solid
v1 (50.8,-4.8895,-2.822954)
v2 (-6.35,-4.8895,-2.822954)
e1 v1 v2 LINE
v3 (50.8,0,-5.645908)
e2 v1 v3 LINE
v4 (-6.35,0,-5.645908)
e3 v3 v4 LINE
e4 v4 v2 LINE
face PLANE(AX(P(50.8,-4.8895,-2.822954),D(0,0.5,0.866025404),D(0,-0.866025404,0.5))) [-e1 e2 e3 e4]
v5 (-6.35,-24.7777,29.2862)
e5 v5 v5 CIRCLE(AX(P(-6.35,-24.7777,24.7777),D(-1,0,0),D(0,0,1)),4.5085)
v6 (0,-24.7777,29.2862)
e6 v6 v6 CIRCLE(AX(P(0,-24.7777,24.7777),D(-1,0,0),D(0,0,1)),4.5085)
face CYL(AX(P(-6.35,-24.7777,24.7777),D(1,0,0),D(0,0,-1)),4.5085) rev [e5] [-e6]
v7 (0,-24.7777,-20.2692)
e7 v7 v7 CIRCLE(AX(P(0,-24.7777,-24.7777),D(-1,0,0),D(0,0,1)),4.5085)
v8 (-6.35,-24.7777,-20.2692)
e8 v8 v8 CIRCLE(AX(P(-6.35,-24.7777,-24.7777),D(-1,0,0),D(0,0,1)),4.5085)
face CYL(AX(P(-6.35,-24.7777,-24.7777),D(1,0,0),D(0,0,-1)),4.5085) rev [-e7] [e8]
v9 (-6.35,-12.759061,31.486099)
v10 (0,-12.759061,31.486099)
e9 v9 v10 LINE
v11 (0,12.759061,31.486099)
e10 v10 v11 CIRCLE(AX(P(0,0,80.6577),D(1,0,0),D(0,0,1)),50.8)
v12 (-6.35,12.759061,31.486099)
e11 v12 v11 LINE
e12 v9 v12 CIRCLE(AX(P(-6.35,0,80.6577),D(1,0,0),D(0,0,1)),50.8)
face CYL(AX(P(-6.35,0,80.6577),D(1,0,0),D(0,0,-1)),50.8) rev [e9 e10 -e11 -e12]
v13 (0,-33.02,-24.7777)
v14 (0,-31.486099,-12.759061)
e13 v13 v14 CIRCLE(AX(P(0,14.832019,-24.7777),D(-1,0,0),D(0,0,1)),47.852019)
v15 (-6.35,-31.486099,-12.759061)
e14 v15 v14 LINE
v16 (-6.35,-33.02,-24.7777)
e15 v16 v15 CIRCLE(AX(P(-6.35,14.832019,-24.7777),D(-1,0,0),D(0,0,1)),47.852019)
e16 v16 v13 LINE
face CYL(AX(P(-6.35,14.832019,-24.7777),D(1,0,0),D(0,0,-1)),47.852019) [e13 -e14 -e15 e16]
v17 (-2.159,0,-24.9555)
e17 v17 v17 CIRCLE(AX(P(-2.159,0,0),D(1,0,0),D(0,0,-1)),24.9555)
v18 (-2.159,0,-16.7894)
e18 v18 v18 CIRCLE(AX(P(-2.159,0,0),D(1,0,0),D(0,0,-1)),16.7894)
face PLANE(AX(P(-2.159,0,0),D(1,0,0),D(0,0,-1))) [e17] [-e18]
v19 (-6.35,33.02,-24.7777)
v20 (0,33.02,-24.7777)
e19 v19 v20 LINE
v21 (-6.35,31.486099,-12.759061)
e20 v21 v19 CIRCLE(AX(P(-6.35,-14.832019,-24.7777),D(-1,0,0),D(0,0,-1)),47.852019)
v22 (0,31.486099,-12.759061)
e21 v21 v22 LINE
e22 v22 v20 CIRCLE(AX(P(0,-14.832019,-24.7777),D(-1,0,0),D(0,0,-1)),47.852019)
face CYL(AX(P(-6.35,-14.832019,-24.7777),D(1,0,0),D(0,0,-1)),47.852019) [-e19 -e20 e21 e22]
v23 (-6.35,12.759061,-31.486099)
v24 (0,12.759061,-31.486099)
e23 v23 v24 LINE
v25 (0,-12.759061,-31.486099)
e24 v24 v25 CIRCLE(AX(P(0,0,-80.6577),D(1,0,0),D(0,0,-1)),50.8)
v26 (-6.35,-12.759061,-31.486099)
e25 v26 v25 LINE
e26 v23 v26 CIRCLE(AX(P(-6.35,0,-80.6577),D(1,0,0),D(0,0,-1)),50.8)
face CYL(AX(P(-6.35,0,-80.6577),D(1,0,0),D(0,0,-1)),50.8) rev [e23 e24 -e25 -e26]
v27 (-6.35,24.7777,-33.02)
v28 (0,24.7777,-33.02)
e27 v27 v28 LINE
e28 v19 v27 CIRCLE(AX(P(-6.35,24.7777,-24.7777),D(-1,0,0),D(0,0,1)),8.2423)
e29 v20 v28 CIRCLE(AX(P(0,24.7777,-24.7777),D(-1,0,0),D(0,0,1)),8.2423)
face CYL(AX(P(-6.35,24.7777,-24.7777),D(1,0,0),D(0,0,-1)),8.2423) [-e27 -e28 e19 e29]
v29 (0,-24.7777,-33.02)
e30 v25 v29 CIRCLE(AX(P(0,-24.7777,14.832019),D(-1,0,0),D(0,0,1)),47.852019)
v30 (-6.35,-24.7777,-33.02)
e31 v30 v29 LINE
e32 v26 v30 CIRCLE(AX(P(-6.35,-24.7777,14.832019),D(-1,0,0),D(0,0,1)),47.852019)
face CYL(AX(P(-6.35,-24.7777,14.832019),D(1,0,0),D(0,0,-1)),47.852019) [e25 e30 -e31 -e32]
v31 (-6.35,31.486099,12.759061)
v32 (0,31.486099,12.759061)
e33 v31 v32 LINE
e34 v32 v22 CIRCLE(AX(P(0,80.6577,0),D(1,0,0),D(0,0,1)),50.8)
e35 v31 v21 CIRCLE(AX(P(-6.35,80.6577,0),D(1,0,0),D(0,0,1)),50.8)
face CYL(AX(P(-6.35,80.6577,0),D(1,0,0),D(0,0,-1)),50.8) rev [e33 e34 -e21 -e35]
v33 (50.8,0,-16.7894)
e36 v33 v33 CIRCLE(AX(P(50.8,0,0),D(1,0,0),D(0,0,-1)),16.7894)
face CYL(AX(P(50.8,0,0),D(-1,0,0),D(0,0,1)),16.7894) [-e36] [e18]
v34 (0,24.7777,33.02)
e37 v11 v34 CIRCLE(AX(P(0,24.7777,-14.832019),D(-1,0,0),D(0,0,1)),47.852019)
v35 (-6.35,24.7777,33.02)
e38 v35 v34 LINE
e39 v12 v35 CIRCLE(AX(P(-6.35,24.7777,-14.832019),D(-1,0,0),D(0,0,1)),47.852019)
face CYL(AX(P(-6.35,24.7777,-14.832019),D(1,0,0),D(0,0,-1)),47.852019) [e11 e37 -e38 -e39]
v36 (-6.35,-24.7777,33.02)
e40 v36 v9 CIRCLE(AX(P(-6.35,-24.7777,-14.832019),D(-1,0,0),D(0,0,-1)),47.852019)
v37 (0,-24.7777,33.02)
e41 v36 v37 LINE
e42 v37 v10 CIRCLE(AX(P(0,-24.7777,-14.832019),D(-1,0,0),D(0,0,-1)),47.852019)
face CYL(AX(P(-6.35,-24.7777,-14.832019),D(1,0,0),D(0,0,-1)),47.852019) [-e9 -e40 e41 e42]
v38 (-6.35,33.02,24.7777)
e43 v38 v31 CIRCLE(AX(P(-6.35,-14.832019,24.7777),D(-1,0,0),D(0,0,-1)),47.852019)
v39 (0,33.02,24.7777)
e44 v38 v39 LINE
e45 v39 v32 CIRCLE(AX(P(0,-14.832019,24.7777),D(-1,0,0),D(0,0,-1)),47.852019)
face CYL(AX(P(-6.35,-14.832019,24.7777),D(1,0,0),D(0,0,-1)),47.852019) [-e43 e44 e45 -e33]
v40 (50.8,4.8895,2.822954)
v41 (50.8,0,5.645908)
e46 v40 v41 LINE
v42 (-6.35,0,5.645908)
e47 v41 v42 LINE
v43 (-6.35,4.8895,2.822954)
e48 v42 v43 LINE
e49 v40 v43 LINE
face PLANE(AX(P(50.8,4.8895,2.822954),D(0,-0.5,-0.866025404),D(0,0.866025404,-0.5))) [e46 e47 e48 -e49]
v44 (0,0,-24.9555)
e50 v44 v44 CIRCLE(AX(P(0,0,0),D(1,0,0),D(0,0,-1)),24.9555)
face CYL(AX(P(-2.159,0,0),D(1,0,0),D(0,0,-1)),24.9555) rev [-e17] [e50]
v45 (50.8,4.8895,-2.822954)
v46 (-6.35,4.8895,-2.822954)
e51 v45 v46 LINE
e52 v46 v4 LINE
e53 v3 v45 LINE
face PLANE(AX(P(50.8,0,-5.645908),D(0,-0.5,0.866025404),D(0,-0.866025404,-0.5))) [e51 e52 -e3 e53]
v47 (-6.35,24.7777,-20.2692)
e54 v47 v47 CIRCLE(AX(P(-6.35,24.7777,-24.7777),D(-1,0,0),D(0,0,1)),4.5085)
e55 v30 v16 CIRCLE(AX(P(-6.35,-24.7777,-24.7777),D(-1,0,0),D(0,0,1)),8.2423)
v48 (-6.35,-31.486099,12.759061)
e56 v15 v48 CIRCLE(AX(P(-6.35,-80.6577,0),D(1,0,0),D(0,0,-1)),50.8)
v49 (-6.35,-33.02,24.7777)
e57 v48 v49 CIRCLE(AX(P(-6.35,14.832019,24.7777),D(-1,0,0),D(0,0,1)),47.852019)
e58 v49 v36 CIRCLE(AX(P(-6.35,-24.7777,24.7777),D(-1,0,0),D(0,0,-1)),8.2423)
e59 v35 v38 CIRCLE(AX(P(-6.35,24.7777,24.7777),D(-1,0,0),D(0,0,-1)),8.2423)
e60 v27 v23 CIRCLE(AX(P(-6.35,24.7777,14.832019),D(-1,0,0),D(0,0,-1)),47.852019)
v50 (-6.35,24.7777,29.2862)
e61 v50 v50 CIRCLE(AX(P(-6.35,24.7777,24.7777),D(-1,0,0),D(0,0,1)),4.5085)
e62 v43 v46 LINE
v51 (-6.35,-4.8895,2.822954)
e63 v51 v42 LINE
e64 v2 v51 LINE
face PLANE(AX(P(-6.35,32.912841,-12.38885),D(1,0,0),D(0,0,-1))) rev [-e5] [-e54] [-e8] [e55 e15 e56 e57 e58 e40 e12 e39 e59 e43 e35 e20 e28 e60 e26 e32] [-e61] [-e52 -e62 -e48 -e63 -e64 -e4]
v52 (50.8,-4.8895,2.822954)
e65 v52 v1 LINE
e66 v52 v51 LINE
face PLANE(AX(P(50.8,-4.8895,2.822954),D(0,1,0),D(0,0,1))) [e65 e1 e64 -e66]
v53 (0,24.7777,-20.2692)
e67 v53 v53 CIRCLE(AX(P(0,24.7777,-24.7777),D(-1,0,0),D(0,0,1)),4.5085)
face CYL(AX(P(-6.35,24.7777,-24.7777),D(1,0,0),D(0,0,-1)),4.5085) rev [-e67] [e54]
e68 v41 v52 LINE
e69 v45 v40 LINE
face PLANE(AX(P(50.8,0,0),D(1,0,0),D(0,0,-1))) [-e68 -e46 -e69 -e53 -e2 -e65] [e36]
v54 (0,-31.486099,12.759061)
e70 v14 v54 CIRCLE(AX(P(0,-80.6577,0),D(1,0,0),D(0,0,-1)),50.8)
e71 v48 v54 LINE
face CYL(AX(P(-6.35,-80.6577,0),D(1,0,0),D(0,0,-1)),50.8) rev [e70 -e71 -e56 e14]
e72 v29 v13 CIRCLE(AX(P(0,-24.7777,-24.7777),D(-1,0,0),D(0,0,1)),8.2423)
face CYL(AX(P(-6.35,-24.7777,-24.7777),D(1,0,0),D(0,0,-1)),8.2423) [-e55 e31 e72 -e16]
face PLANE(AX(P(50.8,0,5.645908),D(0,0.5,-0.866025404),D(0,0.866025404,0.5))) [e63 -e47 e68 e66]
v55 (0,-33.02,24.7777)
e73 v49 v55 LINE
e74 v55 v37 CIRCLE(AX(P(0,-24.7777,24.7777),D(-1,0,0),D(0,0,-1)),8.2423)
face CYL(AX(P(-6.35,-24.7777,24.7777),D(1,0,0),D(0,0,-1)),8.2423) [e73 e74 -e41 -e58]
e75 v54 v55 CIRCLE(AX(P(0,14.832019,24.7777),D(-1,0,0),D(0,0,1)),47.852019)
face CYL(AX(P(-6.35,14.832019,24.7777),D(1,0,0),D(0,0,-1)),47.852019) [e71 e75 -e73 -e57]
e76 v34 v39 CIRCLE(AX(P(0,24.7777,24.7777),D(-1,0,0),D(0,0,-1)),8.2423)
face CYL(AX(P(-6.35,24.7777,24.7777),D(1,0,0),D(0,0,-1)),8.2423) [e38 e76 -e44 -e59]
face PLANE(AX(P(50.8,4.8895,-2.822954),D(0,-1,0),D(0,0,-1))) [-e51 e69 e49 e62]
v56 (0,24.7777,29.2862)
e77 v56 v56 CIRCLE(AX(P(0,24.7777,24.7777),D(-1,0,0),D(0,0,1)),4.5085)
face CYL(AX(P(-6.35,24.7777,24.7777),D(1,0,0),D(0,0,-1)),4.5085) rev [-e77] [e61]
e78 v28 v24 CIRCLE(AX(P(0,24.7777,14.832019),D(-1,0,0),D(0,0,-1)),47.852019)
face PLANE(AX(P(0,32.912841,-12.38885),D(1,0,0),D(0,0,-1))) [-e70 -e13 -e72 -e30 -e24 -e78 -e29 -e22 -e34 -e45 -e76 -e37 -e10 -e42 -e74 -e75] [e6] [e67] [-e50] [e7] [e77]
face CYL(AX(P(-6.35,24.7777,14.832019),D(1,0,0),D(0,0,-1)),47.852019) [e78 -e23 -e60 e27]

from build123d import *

# Parameters (mm, degrees)
SKETCH1_R           = 16.7894
BOSS_EXTRUDE1_DEPTH = 50.8
SKETCH2_R           = 4.5085
BOSS_EXTRUDE2_DEPTH = 6.35
CUT_EXTRUDE1_START  = -2.159
SKETCH3_R           = 24.9555
SKETCH3_R_2         = 16.7894
CUT_EXTRUDE1_DEPTH  = 2.159


with BuildPart() as part:
    # Sketch1 → Boss-Extrude1 (new body)
    with BuildSketch(Plane(origin=(0, 0, 0), x_dir=(0, 0, -1), z_dir=(1, 0, 0))):
        Circle(SKETCH1_R)
        Polygon((-2.822954141, -4.8895), (2.822954141, -4.8895), (5.645908282, 0), (2.822954141, 4.8895), (-2.822954141, 4.8895), (-5.645908282, 0), align=None, mode=Mode.SUBTRACT)
    extrude(amount=BOSS_EXTRUDE1_DEPTH)

    # Sketch2 → Boss-Extrude2 (add)
    with BuildSketch(Plane.ZY):
        with BuildLine():
            ThreePointArc((-24.7777, 33.02), (-30.605886223, 30.605886223), (-33.02, 24.7777))
            ThreePointArc((-33.02, 24.7777), (-32.634975747, 18.719636617), (-31.48609891, 12.759061339))
            ThreePointArc((-31.48609891, 12.759061339), (-29.8577, 0), (-31.48609891, -12.759061339))
            ThreePointArc((-31.48609891, -12.759061339), (-32.634975747, -18.719636617), (-33.02, -24.7777))
            ThreePointArc((-33.02, -24.7777), (-30.605886223, -30.605886223), (-24.7777, -33.02))
            ThreePointArc((-24.7777, -33.02), (-18.719636617, -32.634975747), (-12.759061339, -31.48609891))
            ThreePointArc((-12.759061339, -31.48609891), (0, -29.8577), (12.759061339, -31.48609891))
            ThreePointArc((12.759061339, -31.48609891), (18.719636617, -32.634975747), (24.7777, -33.02))
            ThreePointArc((24.7777, -33.02), (30.605886223, -30.605886223), (33.02, -24.7777))
            ThreePointArc((33.02, -24.7777), (32.634975747, -18.719636617), (31.48609891, -12.759061339))
            ThreePointArc((31.48609891, -12.759061339), (29.8577, 0), (31.48609891, 12.759061339))
            ThreePointArc((31.48609891, 12.759061339), (32.634975747, 18.719636617), (33.02, 24.7777))
            ThreePointArc((33.02, 24.7777), (30.605886223, 30.605886223), (24.7777, 33.02))
            ThreePointArc((24.7777, 33.02), (18.719636617, 32.634975747), (12.759061339, 31.48609891))
            ThreePointArc((12.759061339, 31.48609891), (0, 29.8577), (-12.759061339, 31.48609891))
            ThreePointArc((-12.759061339, 31.48609891), (-18.719636617, 32.634975747), (-24.7777, 33.02))
        make_face()
        with Locations((24.7777, 24.7777)):
            Circle(SKETCH2_R, mode=Mode.SUBTRACT)
        with Locations((-24.7777, 24.7777)):
            Circle(SKETCH2_R, mode=Mode.SUBTRACT)
        with Locations((-24.7777, -24.7777)):
            Circle(SKETCH2_R, mode=Mode.SUBTRACT)
        with Locations((24.7777, -24.7777)):
            Circle(SKETCH2_R, mode=Mode.SUBTRACT)
        Polygon((2.822954141, 4.8895), (-2.822954141, 4.8895), (-5.645908282, 0), (-2.822954141, -4.8895), (2.822954141, -4.8895), (5.645908282, 0), align=None, mode=Mode.SUBTRACT)
    extrude(amount=BOSS_EXTRUDE2_DEPTH)

    # Sketch3 → Cut-Extrude1 (cut)
    with BuildSketch(Plane(origin=(0, 0, 0), x_dir=(0, 0, -1), z_dir=(1, 0, 0)).offset(CUT_EXTRUDE1_START)):
        Circle(SKETCH3_R)
        Circle(SKETCH3_R_2, mode=Mode.SUBTRACT)
    extrude(amount=CUT_EXTRUDE1_DEPTH, mode=Mode.SUBTRACT)


solid = part.part
